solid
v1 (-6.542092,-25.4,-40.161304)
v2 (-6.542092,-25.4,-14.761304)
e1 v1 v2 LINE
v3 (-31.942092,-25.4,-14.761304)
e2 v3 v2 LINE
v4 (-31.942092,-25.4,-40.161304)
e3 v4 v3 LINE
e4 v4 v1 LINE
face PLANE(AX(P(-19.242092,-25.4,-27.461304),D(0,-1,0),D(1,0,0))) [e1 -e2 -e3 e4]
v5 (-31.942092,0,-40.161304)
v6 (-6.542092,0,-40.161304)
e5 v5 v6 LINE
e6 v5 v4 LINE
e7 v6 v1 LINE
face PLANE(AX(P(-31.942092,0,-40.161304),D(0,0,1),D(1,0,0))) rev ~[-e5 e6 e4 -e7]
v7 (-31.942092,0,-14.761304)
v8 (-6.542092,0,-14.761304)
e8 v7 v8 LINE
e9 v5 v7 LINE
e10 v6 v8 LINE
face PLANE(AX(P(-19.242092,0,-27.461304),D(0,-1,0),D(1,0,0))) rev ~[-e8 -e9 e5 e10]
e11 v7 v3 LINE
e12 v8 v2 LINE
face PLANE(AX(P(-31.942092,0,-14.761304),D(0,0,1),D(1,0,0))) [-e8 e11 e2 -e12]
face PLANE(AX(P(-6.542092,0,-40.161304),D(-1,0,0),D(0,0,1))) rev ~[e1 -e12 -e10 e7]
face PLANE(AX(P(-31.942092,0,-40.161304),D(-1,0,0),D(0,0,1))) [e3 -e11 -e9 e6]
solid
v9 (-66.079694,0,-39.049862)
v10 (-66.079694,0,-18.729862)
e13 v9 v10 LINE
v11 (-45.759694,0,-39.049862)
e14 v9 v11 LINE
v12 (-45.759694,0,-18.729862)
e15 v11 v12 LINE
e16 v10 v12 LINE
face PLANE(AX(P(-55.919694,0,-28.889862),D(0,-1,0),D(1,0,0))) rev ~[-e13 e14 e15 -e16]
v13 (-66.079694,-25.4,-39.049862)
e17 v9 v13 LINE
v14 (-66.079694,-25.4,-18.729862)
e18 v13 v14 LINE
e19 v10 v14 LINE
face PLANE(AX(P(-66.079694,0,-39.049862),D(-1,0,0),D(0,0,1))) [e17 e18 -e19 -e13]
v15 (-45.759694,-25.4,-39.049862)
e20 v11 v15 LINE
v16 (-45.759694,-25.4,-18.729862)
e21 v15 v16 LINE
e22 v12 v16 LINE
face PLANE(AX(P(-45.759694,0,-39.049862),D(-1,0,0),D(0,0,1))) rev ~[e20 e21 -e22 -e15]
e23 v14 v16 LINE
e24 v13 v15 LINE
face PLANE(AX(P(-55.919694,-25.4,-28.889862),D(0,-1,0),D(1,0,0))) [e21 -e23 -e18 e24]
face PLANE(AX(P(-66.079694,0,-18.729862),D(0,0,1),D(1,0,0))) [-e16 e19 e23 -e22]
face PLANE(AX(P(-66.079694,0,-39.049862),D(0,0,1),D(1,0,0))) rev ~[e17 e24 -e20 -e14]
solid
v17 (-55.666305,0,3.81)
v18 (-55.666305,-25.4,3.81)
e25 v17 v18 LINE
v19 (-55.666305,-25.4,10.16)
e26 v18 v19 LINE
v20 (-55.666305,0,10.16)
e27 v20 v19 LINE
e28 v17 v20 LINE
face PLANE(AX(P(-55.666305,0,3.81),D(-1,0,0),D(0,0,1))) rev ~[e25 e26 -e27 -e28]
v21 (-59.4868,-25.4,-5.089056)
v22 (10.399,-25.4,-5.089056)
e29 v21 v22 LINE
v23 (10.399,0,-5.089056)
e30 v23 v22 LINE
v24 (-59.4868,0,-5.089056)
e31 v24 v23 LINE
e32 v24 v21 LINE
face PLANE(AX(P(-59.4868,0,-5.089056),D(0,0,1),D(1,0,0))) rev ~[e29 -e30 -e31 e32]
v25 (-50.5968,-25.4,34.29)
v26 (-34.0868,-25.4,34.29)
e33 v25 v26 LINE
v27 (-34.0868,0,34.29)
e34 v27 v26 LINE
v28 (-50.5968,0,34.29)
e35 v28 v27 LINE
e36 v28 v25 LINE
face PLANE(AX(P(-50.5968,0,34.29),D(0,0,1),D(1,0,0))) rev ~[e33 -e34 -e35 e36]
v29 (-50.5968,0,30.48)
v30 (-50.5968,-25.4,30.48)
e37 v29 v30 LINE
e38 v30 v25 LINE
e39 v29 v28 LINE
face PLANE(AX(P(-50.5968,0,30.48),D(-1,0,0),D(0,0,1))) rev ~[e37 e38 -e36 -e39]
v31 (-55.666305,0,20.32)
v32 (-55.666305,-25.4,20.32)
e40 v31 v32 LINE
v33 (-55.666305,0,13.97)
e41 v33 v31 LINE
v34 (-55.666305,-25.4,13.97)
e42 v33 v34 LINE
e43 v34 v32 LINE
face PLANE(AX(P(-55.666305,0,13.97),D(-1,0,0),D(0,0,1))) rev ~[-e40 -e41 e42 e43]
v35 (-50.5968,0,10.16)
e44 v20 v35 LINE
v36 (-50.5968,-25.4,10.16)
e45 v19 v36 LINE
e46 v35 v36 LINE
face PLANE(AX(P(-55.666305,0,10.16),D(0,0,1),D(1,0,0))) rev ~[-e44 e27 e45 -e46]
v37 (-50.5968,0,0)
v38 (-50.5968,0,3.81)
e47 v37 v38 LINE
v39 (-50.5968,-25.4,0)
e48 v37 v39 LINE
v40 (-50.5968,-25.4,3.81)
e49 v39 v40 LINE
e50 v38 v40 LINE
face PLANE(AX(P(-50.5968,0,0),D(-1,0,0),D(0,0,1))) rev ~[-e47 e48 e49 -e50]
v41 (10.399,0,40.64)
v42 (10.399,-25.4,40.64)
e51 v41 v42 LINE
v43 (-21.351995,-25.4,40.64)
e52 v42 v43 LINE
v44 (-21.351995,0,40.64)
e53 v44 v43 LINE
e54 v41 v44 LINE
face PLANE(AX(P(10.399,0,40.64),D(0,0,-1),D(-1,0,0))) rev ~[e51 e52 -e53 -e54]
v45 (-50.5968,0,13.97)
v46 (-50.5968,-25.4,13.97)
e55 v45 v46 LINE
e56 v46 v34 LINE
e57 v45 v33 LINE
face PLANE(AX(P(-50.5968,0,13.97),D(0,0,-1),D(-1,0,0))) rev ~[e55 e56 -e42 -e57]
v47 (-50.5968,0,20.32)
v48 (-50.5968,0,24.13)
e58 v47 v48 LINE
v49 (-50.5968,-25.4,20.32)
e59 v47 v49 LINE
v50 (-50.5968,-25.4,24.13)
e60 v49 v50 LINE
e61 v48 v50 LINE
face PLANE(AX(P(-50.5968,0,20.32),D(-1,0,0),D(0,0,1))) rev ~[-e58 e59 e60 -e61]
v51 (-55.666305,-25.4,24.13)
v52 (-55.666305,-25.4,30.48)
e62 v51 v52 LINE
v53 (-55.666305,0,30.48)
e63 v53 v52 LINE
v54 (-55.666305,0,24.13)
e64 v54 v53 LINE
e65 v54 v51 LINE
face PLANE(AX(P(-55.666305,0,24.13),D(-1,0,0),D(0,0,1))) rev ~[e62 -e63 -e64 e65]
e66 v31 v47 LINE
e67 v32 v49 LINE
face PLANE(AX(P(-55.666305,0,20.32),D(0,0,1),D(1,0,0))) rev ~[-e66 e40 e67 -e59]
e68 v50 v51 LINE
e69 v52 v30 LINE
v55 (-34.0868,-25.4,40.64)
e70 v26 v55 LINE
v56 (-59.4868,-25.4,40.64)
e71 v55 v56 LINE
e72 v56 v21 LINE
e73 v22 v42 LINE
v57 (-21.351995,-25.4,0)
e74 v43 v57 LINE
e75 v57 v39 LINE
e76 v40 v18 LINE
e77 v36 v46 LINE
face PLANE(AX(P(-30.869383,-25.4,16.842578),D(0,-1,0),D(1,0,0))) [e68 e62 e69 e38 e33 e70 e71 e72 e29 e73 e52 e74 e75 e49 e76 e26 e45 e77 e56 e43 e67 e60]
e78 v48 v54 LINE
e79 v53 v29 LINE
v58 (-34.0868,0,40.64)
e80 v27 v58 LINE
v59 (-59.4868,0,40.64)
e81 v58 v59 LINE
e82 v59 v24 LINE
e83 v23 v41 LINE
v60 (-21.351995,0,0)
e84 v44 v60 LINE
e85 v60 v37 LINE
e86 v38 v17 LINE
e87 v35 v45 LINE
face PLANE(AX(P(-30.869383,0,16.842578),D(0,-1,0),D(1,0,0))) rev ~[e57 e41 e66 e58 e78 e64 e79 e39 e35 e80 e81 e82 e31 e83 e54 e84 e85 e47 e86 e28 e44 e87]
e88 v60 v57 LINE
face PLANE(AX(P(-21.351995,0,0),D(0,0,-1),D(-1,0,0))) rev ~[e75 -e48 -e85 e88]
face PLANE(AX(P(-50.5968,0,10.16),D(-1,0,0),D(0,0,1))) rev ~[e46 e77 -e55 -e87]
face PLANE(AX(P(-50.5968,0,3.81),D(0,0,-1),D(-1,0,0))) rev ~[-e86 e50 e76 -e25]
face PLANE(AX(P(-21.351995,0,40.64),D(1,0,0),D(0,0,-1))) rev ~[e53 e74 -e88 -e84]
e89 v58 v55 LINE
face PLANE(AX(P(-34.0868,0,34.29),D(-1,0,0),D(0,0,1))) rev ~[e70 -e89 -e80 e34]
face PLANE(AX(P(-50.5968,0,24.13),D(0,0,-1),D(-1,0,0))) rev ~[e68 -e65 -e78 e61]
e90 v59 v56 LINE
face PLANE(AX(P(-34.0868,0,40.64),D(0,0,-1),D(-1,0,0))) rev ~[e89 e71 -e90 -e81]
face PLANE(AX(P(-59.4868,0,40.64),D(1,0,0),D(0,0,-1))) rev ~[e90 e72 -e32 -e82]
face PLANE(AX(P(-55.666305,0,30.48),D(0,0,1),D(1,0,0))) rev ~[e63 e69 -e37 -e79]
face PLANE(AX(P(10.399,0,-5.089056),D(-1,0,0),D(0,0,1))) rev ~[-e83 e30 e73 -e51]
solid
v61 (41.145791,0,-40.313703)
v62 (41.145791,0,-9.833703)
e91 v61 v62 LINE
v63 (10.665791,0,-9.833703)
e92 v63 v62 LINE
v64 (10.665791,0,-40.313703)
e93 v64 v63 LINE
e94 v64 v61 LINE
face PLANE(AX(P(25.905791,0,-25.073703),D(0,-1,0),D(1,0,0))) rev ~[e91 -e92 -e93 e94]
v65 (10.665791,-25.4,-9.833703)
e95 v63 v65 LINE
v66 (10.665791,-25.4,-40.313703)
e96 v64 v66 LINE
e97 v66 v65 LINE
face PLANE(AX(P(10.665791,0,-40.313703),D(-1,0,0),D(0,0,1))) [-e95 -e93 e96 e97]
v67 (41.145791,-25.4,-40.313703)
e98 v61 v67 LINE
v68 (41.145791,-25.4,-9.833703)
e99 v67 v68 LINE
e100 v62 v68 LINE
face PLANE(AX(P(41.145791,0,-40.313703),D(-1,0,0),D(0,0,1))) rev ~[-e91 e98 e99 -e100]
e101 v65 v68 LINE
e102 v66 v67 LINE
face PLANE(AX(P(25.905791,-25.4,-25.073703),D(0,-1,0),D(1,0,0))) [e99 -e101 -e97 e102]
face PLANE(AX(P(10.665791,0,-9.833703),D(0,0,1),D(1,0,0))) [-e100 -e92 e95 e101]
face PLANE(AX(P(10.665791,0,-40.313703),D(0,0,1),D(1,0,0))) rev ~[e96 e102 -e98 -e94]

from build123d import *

# Parameters (mm, degrees)
F4_DEPTH = 25.4
F1_W     = 20.32
F1_H     = 20.32
F5_DEPTH = 25.4
F2_W     = 25.4
F2_H     = 25.4
F6_DEPTH = 25.4
F3_W     = 30.48
F3_H     = 30.48
F7_DEPTH = 25.4


with BuildPart() as f4:
    # F0 (on Front) → F4 (new body)
    with BuildSketch(Plane.XZ):
        Polygon((-34.0868, 40.64), (-59.4868, 40.64), (-59.4868, -5.089056), (10.399, -5.089056), (10.399, 0), (10.399, 40.64), (-21.351995, 40.64), (-21.351995, 6.603997), (-21.351995, 0), (-50.5968, 0), (-50.5968, 3.81), (-55.666305, 3.81), (-55.666305, 10.16), (-50.5968, 10.16), (-50.5968, 13.97), (-55.666305, 13.97), (-55.666305, 20.32), (-50.5968, 20.32), (-50.5968, 24.13), (-55.666305, 24.13), (-55.666305, 30.48), (-50.5968, 30.48), (-50.5968, 34.29), (-34.0868, 34.29), align=None)
    extrude(amount=F4_DEPTH)


with BuildPart() as f5:
    # F1 (on Front) → F5 (new body)
    with BuildSketch(Plane.XZ):
        with Locations((-55.919694, -28.889862)):
            Rectangle(F1_W, F1_H)
    extrude(amount=F5_DEPTH)


with BuildPart() as f6:
    # F2 (on Front) → F6 (new body)
    with BuildSketch(Plane.XZ):
        with Locations((-19.242092, -27.461304)):
            Rectangle(F2_W, F2_H)
    extrude(amount=F6_DEPTH)


with BuildPart() as f7:
    # F3 (on Front) → F7 (new body)
    with BuildSketch(Plane.XZ):
        with Locations((25.905791, -25.073703)):
            Rectangle(F3_W, F3_H)
    extrude(amount=F7_DEPTH)


solid = Compound([f4.part, f5.part, f6.part, f7.part])
